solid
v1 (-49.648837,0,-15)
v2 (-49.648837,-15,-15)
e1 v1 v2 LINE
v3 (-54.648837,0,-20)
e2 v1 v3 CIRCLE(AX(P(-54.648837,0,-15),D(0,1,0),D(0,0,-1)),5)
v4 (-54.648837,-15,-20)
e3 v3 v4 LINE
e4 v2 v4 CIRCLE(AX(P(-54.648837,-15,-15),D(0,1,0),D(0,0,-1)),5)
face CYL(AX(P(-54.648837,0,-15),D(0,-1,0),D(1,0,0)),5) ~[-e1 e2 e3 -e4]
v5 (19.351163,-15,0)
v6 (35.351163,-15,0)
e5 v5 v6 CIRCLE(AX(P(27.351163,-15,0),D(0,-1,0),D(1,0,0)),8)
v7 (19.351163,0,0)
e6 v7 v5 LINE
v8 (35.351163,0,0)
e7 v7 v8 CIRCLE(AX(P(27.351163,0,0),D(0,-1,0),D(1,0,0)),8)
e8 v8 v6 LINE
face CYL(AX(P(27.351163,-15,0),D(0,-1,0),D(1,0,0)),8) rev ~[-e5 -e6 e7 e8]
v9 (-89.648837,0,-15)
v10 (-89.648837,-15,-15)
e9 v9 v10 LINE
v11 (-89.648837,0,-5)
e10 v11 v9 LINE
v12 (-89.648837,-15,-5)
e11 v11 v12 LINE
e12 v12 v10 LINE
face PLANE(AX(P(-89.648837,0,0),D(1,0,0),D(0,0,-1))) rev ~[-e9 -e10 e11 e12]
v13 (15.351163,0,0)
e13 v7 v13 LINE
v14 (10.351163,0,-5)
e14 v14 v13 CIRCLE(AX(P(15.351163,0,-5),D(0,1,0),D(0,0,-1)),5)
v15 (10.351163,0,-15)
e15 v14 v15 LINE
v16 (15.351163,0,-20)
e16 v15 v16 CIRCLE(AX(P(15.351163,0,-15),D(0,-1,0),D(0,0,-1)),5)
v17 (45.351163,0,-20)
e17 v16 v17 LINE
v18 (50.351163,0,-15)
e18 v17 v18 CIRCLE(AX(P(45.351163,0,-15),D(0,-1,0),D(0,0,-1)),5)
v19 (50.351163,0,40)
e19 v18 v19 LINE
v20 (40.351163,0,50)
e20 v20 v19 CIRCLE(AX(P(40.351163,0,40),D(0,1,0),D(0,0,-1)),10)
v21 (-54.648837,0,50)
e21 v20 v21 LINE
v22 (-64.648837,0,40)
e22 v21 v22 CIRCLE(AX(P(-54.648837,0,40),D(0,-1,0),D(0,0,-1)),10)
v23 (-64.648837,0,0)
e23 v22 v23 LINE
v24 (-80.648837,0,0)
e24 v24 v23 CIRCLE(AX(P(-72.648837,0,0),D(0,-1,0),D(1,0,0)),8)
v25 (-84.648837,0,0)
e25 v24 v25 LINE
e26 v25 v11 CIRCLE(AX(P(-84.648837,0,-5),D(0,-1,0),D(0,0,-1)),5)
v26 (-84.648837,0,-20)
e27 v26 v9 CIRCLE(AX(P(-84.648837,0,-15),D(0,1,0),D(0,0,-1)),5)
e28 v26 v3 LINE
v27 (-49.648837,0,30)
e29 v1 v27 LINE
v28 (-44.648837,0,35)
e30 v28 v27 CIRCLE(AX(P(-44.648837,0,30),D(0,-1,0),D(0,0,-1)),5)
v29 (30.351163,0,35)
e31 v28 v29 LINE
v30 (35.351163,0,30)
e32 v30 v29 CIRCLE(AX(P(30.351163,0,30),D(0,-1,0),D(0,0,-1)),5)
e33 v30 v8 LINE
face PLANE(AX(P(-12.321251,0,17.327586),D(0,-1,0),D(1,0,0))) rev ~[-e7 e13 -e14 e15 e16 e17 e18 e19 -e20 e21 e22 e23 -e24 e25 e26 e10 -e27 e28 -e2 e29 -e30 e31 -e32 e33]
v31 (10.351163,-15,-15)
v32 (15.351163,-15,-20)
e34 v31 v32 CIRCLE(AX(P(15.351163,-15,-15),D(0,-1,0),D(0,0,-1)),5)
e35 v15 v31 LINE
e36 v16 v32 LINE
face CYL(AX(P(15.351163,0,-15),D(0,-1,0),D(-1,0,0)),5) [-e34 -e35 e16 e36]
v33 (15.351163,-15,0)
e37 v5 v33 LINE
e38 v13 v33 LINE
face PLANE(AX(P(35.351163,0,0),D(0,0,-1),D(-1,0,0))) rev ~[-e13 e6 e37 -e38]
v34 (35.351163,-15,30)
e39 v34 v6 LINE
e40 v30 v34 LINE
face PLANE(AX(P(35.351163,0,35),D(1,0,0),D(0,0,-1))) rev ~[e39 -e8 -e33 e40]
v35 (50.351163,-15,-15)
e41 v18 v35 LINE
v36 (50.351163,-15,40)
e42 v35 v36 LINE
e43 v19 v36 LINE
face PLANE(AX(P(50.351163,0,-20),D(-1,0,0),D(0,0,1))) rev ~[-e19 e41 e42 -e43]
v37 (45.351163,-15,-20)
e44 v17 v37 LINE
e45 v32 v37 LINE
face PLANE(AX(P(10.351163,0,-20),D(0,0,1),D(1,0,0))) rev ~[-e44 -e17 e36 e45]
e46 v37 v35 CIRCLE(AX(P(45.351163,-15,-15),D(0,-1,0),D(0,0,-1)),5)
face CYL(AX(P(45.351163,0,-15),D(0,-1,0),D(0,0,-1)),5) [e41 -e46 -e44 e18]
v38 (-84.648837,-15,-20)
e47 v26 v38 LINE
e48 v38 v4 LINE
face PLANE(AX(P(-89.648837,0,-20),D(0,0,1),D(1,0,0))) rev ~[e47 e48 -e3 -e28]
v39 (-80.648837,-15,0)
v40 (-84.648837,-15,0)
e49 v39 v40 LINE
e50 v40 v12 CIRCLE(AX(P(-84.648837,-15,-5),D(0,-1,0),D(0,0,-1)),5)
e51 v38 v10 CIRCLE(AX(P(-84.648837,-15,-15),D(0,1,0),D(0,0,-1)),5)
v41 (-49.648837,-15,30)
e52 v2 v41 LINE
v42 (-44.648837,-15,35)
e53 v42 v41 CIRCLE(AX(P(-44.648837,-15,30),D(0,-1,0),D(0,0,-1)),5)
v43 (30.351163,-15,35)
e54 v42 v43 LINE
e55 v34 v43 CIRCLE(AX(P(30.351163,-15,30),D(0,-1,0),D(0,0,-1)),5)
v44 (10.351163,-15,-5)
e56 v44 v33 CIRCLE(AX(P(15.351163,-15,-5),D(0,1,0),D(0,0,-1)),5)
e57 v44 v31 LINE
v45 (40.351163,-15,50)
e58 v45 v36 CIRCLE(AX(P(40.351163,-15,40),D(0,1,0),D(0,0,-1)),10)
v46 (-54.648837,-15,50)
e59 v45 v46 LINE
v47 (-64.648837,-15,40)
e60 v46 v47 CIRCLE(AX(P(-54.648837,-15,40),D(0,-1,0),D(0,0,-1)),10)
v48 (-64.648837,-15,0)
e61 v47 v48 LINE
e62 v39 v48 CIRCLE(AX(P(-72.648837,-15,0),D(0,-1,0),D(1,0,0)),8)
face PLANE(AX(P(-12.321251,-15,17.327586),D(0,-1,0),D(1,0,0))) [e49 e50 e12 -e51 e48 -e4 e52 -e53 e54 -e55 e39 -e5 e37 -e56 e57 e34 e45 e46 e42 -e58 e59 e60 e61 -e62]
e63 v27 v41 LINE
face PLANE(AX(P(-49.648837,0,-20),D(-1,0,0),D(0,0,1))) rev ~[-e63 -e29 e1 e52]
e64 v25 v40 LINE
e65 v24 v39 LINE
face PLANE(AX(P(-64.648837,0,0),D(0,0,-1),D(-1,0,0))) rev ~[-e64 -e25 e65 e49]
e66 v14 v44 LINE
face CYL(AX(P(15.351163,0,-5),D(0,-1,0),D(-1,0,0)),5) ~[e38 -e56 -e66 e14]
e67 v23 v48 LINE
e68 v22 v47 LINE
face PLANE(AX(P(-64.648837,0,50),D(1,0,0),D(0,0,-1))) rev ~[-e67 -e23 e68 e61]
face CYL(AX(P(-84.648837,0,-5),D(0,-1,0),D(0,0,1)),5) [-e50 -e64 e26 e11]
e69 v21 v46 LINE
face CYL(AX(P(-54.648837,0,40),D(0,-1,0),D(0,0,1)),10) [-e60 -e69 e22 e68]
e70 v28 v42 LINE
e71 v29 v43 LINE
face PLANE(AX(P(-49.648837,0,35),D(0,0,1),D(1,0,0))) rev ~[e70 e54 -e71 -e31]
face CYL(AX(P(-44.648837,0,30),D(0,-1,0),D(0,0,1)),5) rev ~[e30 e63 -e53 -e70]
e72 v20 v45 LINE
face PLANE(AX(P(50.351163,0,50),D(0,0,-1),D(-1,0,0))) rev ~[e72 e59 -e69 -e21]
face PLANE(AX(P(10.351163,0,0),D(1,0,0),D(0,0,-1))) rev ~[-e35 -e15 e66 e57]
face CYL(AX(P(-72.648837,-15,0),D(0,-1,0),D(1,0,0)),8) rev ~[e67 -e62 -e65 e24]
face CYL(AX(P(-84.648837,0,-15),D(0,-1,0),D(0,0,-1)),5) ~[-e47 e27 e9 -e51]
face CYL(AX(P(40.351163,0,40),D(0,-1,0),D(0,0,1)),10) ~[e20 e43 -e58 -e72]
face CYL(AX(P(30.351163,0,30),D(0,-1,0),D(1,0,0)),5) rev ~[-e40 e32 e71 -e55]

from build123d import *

# Parameters (mm, degrees)
F1_DEPTH = 15
F2_R     = 8
F3_DEPTH = 15.001
F4_R     = 10
F5_R     = 5
F6_R     = 5
F7_R     = 5


with BuildPart() as f1:
    # F0 (on Front) → F1 (new body)
    with BuildSketch(Plane.XZ):
        Polygon((50.351163, 50), (-64.648837, 50), (-64.648837, 0), (-89.648837, 0), (-89.648837, -20), (-49.648837, -20), (-49.648837, 35), (35.351163, 35), (35.351163, 0), (10.351163, 0), (10.351163, -20), (50.351163, -20), align=None)
    extrude(amount=F1_DEPTH)

    # F2 (on face) → F3 (cut, through all)
    with BuildSketch(Plane.XZ.offset(15)):
        with Locations((-72.648837, 0)):
            Circle(F2_R)
        with Locations((27.351163, 0)):
            Circle(F2_R)
    extrude(amount=-F3_DEPTH, mode=Mode.SUBTRACT)

    # F4
    f4_edges = [f1.edges().sort_by_distance(p)[0] for p in [
        (-64.648837, -7.5, 50),
        (50.351163, -7.5, 50),
    ]]
    fillet(f4_edges, radius=F4_R)

    # F5
    f5_edges = [f1.edges().sort_by_distance(p)[0] for p in [
        (-89.648837, -7.5, 0),
        (10.351163, -7.5, 0),
        (-49.648837, -7.5, 35),
        (35.351163, -7.5, 35),
    ]]
    fillet(f5_edges, radius=F5_R)

    # F6
    f6_edges = [f1.edges().sort_by_distance(p)[0] for p in [
        (-89.648837, -7.5, -20),
        (10.351163, -7.5, -20),
    ]]
    fillet(f6_edges, radius=F6_R)

    # F7
    f7_edges = [f1.edges().sort_by_distance(p)[0] for p in [
        (-49.648837, -7.5, -20),
        (50.351163, -7.5, -20),
    ]]
    fillet(f7_edges, radius=F7_R)


solid = f1.part
